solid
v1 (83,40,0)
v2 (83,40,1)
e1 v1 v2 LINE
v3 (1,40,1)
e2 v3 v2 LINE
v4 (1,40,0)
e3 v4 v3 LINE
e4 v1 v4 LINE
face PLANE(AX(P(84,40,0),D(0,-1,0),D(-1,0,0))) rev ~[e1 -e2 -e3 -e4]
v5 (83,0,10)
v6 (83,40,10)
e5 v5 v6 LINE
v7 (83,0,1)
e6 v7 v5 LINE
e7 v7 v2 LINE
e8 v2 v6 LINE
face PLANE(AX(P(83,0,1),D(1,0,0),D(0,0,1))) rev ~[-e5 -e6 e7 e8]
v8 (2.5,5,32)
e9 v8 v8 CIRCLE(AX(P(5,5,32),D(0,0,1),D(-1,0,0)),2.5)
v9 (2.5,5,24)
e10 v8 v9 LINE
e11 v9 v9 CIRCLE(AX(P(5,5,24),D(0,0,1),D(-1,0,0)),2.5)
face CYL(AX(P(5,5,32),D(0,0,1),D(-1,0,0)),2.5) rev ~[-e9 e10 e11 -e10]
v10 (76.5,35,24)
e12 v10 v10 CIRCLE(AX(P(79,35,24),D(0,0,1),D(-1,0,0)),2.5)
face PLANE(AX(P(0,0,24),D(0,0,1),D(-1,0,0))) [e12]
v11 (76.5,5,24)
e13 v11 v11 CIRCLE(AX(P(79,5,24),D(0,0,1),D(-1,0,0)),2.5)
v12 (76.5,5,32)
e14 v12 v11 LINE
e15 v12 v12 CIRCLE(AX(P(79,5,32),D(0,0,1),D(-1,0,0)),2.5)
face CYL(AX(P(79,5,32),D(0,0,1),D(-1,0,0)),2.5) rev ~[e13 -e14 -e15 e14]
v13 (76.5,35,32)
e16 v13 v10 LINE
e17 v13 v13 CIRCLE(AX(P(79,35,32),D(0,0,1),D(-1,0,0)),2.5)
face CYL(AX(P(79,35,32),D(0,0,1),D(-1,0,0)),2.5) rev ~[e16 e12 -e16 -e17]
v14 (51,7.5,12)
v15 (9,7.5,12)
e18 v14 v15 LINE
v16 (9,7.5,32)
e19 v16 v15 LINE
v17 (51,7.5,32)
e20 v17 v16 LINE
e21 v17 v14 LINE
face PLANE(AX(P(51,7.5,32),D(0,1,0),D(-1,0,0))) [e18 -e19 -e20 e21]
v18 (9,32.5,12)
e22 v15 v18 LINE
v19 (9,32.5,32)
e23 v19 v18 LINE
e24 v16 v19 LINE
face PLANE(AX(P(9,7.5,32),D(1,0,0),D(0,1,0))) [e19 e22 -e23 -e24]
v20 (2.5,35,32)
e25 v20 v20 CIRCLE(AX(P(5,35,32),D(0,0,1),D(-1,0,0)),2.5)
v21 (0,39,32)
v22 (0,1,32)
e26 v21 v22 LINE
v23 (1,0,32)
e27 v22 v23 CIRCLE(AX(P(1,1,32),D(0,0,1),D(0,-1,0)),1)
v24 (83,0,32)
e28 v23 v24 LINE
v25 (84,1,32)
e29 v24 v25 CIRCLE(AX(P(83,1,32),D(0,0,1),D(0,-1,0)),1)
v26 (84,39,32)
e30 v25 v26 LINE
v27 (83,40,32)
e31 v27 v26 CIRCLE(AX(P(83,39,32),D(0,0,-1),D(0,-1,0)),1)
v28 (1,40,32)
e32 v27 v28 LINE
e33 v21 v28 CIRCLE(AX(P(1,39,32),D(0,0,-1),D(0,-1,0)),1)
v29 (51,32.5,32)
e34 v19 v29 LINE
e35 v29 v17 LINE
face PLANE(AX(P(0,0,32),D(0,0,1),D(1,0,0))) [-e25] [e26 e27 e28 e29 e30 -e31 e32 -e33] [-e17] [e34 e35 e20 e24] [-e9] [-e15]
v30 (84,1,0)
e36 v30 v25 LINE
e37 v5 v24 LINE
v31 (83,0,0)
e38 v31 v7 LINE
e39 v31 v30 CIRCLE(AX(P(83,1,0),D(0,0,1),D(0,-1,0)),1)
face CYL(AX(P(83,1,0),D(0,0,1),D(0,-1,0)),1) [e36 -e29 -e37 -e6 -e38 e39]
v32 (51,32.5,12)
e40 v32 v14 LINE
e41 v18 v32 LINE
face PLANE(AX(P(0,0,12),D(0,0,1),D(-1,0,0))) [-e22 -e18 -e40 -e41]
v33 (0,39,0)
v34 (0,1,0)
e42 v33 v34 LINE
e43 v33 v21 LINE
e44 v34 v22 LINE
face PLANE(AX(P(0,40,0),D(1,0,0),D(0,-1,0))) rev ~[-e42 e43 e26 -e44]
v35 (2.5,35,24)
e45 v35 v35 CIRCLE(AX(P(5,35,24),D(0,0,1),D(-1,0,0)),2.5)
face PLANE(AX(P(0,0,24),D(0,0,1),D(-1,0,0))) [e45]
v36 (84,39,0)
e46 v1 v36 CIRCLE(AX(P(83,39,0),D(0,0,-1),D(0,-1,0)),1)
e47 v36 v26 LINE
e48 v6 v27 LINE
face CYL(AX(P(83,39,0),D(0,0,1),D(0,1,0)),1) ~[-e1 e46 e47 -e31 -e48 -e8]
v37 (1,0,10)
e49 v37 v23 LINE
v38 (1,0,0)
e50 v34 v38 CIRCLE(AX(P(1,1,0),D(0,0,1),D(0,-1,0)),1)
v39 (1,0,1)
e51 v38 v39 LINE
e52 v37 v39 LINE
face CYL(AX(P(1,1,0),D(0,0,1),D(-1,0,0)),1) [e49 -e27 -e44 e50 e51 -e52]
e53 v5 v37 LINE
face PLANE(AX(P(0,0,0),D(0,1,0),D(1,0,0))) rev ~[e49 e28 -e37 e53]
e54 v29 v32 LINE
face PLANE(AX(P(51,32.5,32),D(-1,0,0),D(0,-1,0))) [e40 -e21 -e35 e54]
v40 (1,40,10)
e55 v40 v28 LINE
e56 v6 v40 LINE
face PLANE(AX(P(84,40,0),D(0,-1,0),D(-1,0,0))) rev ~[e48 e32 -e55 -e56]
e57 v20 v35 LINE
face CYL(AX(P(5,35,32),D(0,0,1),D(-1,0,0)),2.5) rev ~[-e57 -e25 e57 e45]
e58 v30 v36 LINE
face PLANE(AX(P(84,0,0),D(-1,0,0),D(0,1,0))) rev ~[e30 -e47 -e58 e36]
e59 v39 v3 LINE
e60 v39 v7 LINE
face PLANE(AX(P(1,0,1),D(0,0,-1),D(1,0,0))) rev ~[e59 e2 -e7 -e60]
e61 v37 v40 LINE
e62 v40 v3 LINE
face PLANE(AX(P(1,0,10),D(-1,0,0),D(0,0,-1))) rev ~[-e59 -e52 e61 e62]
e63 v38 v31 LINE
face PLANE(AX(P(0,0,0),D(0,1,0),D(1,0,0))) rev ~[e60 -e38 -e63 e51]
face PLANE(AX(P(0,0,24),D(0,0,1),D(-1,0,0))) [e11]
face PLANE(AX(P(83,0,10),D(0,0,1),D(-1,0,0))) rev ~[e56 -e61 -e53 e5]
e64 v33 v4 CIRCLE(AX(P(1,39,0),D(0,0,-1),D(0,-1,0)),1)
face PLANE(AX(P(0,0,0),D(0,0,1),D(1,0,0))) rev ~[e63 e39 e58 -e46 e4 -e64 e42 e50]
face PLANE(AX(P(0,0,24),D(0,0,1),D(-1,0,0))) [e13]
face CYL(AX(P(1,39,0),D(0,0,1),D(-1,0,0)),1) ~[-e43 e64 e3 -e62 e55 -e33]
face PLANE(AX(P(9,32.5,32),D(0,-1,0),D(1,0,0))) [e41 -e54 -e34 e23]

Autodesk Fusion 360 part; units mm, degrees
sketch "スケッチ1" plane through (0, 0, 0) normal (0, 0, 1) x (1, 0, 0)
  line L0 (0, 0) -> (84, 0)
  line L1 (84, 0) -> (84, 40)
  line L2 (84, 40) -> (0, 40)
  line L3 (0, 40) -> (0, 0)
  dimension "d1" = 40
  dimension "d2" = 84
extrude "押し出し1" add sketch "スケッチ1" along normal blind 32
sketch "スケッチ2" plane through (0, 0, 32) normal (0, 0, 1) x (-1, 0, 0)
  line L0 (0, -40) -> (0, 0)
  line L1 (0, 0) -> (-84, 0)
  line L2 (-84, 0) -> (-84, -40)
  line L3 (-84, -40) -> (0, -40)
  line L4 (-9, -32.5) -> (-51, -32.5)
  line L5 (-51, -32.5) -> (-51, -7.5)
  line L6 (-51, -7.5) -> (-9, -7.5)
  line L7 (-9, -7.5) -> (-9, -32.5)
  dimension "d5" = 42
  dimension "d6" = 25
  dimension "d27" = 9
  dimension "d72" = 7.5
extrude "押し出し2" cut sketch "スケッチ2" against normal blind 20 contours L4 L5 L6 L7
fillet "フィレット1" radius 1 4 edges at (84, 0, 16) (84, 40, 16) (0, 0, 16) (0, 40, 16)
sketch "スケッチ5" plane through (0, 0, 32) normal (0, 0, 1) x (-1, 0, 0)
  arc A0 (-1, -40) -> (0, -39) centre (-1, -39) ccw
  line L0 (0, -39) -> (0, -1)
  arc A1 (0, -1) -> (-1, 0) centre (-1, -1) ccw
  line L1 (-1, 0) -> (-83, 0)
  arc A2 (-83, 0) -> (-84, -1) centre (-83, -1) ccw
  line L2 (-84, -1) -> (-84, -39)
  arc A3 (-84, -39) -> (-83, -40) centre (-83, -39) ccw
  line L3 (-83, -40) -> (-1, -40)
  line L4 (-51, -32.5) -> (-51, -7.5)
  line L5 (-51, -7.5) -> (-9, -7.5)
  line L6 (-9, -7.5) -> (-9, -32.5)
  line L7 (-9, -32.5) -> (-51, -32.5)
  circle A4 centre (-5, -5) radius 2.5
  circle A5 centre (-5, -35) radius 2.5
  circle A6 centre (-79, -5) radius 2.5
  circle A7 centre (-79, -35) radius 2.5
  dimension "d28" = 5
  dimension "d29" = 5
  dimension "d30" = 5
  dimension "d31" = 5
  dimension "d32" = 5
  dimension "d33" = 5
  dimension "d34" = 5
  dimension "d35" = 5
  dimension "d36" = 5
  dimension "d37" = 5
  dimension "d38" = 5
  dimension "d39" = 5
extrude "押し出し4" cut sketch "スケッチ5" against normal blind 8 contours A4 | A5 | A6 | A7
sketch "スケッチ18" plane through (0, 0, 0) normal (0, -1, 0) x (1, 0, 0)
  line L0 (1, 32) -> (1, 0)
  line L1 (1, 0) -> (83, 0)
  line L2 (83, 0) -> (83, 32)
  line L3 (83, 32) -> (1, 32)
  line L4 (1, 1) -> (83, 1)
  line L5 (83, 1) -> (83, 10)
  line L6 (83, 10) -> (1, 10)
  line L7 (1, 10) -> (1, 1)
  dimension "d75" = 9
extrude "押し出し16" cut sketch "スケッチ18" against normal blind 40 contours L0 L2 L4 L5 L6 L7
